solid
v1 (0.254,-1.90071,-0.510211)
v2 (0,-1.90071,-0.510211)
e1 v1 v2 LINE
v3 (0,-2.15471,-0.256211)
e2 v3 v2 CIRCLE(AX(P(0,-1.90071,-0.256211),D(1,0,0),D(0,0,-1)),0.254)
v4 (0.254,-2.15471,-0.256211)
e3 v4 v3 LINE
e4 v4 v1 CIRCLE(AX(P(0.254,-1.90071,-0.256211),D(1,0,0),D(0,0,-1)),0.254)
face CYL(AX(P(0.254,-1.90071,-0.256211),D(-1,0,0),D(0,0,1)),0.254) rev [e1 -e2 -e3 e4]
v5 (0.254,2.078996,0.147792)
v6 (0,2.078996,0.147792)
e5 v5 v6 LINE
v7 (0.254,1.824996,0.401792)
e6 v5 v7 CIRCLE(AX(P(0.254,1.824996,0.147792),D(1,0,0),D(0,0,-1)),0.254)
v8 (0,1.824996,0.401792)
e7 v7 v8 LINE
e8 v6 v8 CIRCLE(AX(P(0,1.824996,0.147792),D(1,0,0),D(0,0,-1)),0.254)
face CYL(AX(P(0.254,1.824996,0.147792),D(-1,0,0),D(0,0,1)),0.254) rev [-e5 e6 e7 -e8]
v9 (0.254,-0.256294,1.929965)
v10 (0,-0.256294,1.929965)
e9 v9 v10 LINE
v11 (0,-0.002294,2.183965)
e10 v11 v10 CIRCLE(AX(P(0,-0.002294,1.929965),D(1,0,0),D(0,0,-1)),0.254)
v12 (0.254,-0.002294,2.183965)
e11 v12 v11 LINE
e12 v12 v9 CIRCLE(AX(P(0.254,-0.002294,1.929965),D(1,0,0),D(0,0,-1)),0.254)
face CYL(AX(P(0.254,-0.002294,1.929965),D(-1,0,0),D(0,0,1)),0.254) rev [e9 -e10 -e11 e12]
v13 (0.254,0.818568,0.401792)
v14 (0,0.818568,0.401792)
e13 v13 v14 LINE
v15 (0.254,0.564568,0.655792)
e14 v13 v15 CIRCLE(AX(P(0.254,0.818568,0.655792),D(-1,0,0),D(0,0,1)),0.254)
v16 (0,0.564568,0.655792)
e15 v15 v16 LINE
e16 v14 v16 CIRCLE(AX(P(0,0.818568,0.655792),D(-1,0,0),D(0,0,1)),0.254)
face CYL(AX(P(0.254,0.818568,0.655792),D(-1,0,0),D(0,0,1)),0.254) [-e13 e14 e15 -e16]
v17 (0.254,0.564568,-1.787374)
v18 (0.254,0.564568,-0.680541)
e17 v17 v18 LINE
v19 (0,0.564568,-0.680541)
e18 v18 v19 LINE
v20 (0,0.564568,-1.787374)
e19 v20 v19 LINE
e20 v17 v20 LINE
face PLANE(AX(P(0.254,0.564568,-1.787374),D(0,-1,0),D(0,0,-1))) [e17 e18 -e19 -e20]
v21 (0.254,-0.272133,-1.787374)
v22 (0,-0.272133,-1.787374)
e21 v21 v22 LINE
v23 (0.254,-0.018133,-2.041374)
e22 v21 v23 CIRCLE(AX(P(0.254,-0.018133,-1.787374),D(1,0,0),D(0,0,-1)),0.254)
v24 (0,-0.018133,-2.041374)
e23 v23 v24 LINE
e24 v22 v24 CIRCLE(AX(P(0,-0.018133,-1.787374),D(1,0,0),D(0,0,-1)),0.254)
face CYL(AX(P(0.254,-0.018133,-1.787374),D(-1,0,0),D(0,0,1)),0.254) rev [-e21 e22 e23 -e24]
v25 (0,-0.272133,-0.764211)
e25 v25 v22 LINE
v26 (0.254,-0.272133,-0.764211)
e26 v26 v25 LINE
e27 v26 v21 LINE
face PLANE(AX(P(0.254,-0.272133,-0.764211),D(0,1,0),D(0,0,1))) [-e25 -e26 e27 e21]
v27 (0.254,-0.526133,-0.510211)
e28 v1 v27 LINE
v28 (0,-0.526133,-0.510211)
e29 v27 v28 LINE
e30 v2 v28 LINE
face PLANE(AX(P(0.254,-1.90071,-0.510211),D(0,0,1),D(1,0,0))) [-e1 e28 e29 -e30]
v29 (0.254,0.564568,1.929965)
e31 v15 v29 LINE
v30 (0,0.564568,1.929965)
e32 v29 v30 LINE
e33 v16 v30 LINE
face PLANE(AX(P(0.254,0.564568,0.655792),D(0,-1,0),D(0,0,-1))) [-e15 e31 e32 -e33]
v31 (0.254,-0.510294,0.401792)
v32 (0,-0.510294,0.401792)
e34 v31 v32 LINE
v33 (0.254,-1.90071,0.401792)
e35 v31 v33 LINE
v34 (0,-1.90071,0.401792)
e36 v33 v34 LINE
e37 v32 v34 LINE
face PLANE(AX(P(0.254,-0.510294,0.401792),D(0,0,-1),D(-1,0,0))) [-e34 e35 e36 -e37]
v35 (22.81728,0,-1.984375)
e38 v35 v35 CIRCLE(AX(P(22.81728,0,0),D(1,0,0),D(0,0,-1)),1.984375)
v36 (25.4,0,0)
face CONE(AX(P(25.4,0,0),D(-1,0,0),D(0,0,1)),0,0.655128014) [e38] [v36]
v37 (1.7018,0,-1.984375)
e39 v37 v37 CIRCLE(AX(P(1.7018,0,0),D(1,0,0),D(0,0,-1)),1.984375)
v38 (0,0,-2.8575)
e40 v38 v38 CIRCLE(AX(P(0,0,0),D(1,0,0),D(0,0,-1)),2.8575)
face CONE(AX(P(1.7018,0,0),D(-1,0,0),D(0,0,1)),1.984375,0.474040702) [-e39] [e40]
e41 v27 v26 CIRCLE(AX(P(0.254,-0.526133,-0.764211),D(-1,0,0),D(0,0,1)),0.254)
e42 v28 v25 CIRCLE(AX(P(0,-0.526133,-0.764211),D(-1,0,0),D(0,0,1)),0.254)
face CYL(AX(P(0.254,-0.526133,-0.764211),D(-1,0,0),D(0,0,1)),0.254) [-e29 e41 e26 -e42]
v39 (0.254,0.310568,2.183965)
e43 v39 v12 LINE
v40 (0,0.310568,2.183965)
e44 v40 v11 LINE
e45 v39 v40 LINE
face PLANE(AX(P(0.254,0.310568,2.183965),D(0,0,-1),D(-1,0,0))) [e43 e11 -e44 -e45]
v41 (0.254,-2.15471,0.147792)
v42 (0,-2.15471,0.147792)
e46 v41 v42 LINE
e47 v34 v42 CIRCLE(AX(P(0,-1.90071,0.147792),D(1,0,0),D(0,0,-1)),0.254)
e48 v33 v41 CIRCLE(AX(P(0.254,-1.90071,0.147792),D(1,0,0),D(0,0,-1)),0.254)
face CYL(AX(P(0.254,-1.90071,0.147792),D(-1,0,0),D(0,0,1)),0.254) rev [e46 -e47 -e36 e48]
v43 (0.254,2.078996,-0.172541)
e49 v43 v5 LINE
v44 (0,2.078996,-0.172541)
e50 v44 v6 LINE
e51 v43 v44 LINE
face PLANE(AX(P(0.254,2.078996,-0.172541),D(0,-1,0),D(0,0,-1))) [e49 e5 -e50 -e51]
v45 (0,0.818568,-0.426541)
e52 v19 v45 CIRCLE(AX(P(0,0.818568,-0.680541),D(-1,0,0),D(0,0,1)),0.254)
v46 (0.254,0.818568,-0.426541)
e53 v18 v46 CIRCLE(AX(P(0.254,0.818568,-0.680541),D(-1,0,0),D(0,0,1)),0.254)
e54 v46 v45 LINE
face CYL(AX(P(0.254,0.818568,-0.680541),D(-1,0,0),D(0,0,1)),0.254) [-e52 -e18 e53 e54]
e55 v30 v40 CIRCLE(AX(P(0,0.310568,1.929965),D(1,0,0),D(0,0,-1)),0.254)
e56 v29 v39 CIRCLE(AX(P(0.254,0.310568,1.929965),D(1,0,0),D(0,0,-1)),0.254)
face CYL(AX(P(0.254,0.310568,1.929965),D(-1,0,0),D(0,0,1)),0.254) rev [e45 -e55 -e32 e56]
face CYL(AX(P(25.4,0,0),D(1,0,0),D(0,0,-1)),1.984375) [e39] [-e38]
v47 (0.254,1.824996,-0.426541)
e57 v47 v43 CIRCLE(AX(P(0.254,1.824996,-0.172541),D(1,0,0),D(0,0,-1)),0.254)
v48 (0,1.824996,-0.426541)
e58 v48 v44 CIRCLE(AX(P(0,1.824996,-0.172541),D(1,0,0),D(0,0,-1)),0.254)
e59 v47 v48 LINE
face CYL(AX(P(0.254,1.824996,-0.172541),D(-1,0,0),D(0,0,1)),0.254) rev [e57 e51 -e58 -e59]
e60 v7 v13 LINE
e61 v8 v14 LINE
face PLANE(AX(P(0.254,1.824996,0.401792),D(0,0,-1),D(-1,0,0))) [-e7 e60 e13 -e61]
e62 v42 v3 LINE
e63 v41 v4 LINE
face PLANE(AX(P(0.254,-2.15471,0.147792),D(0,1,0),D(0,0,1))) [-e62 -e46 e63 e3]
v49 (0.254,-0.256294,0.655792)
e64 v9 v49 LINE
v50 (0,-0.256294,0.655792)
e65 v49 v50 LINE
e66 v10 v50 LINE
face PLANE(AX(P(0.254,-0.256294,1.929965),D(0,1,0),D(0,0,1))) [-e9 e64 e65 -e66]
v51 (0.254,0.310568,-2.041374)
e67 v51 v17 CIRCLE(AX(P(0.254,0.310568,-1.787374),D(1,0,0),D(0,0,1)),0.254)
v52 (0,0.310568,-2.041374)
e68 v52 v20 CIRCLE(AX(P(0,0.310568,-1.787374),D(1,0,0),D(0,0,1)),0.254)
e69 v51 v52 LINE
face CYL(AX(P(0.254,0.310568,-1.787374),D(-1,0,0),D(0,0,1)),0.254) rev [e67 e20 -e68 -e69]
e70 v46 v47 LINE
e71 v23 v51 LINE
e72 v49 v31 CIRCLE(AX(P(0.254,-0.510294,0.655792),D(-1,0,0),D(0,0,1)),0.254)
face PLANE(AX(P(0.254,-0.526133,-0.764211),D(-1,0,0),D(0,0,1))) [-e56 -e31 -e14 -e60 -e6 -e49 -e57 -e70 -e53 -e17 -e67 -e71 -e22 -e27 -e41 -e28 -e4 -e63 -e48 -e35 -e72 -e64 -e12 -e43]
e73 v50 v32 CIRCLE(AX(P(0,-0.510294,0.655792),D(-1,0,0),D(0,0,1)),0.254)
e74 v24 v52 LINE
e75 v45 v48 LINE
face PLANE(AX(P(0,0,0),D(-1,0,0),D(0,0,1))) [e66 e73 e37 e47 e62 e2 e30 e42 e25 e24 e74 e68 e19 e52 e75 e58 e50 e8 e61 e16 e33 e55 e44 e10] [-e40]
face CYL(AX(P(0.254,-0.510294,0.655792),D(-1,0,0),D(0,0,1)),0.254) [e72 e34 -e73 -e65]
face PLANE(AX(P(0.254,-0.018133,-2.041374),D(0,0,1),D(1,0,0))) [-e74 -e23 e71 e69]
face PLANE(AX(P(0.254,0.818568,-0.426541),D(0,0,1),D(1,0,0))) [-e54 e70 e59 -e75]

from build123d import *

# Parameters (mm, degrees)
CUT_EXTRUDE2_DEPTH = 0.254


with BuildPart() as part:
    # Sketch1 → Revolve1 (revolve)
    with BuildSketch(Plane.XY):
        Polygon((0, 0), (0, 2.8575), (1.7018, 1.984375), (22.817280365, 1.984375), (25.4, 0), align=None)
    revolve(axis=Axis((25.4, 0, 0), (-1, 0, 0)))

    # Sketch2 → Cut-Extrude2 (cut)
    with BuildSketch(Plane(origin=(0, 0, 0), x_dir=(0, 0, -1), z_dir=(1, 0, 0))):
        with BuildLine():
            Line((1.787373723, 0.564567778), (0.680541301, 0.564567778))
            ThreePointArc((0.680541301, 0.564567778), (0.500936179, 0.638962656), (0.426541301, 0.818567778))
            Line((0.426541301, 0.818567778), (0.426541301, 1.824996112))
            ThreePointArc((0.426541301, 1.824996112), (0.352146424, 2.004601234), (0.172541301, 2.078996112))
            Line((0.172541301, 2.078996112), (-0.147792428, 2.078996112))
            ThreePointArc((-0.147792428, 2.078996112), (-0.327397551, 2.004601234), (-0.401792428, 1.824996112))
            Line((-0.401792428, 1.824996112), (-0.401792428, 0.818567778))
            ThreePointArc((-0.401792428, 0.818567778), (-0.476187306, 0.638962656), (-0.655792428, 0.564567778))
            Line((-0.655792428, 0.564567778), (-1.929964998, 0.564567778))
            ThreePointArc((-1.929964998, 0.564567778), (-2.10957012, 0.490172901), (-2.183964998, 0.310567778))
            Line((-2.183964998, 0.310567778), (-2.183964998, -0.002294215))
            ThreePointArc((-2.183964998, -0.002294215), (-2.10957012, -0.181899337), (-1.929964998, -0.256294215))
            Line((-1.929964998, -0.256294215), (-0.655792428, -0.256294215))
            ThreePointArc((-0.655792428, -0.256294215), (-0.476187306, -0.330689092), (-0.401792428, -0.510294215))
            Line((-0.401792428, -0.510294215), (-0.401792428, -1.900709616))
            ThreePointArc((-0.401792428, -1.900709616), (-0.327397551, -2.080314739), (-0.147792428, -2.154709616))
            Line((-0.147792428, -2.154709616), (0.256211375, -2.154709616))
            ThreePointArc((0.256211375, -2.154709616), (0.435816497, -2.080314739), (0.510211375, -1.900709616))
            Line((0.510211375, -1.900709616), (0.510211375, -0.526132959))
            ThreePointArc((0.510211375, -0.526132959), (0.584606253, -0.346527836), (0.764211375, -0.272132959))
            Line((0.764211375, -0.272132959), (1.787373723, -0.272132959))
            ThreePointArc((1.787373723, -0.272132959), (1.966978846, -0.197738081), (2.041373723, -0.018132959))
            Line((2.041373723, -0.018132959), (2.041373723, 0.310567778))
            ThreePointArc((2.041373723, 0.310567778), (1.966978846, 0.490172901), (1.787373723, 0.564567778))
        make_face()
    extrude(amount=CUT_EXTRUDE2_DEPTH, mode=Mode.SUBTRACT)


solid = part.part
